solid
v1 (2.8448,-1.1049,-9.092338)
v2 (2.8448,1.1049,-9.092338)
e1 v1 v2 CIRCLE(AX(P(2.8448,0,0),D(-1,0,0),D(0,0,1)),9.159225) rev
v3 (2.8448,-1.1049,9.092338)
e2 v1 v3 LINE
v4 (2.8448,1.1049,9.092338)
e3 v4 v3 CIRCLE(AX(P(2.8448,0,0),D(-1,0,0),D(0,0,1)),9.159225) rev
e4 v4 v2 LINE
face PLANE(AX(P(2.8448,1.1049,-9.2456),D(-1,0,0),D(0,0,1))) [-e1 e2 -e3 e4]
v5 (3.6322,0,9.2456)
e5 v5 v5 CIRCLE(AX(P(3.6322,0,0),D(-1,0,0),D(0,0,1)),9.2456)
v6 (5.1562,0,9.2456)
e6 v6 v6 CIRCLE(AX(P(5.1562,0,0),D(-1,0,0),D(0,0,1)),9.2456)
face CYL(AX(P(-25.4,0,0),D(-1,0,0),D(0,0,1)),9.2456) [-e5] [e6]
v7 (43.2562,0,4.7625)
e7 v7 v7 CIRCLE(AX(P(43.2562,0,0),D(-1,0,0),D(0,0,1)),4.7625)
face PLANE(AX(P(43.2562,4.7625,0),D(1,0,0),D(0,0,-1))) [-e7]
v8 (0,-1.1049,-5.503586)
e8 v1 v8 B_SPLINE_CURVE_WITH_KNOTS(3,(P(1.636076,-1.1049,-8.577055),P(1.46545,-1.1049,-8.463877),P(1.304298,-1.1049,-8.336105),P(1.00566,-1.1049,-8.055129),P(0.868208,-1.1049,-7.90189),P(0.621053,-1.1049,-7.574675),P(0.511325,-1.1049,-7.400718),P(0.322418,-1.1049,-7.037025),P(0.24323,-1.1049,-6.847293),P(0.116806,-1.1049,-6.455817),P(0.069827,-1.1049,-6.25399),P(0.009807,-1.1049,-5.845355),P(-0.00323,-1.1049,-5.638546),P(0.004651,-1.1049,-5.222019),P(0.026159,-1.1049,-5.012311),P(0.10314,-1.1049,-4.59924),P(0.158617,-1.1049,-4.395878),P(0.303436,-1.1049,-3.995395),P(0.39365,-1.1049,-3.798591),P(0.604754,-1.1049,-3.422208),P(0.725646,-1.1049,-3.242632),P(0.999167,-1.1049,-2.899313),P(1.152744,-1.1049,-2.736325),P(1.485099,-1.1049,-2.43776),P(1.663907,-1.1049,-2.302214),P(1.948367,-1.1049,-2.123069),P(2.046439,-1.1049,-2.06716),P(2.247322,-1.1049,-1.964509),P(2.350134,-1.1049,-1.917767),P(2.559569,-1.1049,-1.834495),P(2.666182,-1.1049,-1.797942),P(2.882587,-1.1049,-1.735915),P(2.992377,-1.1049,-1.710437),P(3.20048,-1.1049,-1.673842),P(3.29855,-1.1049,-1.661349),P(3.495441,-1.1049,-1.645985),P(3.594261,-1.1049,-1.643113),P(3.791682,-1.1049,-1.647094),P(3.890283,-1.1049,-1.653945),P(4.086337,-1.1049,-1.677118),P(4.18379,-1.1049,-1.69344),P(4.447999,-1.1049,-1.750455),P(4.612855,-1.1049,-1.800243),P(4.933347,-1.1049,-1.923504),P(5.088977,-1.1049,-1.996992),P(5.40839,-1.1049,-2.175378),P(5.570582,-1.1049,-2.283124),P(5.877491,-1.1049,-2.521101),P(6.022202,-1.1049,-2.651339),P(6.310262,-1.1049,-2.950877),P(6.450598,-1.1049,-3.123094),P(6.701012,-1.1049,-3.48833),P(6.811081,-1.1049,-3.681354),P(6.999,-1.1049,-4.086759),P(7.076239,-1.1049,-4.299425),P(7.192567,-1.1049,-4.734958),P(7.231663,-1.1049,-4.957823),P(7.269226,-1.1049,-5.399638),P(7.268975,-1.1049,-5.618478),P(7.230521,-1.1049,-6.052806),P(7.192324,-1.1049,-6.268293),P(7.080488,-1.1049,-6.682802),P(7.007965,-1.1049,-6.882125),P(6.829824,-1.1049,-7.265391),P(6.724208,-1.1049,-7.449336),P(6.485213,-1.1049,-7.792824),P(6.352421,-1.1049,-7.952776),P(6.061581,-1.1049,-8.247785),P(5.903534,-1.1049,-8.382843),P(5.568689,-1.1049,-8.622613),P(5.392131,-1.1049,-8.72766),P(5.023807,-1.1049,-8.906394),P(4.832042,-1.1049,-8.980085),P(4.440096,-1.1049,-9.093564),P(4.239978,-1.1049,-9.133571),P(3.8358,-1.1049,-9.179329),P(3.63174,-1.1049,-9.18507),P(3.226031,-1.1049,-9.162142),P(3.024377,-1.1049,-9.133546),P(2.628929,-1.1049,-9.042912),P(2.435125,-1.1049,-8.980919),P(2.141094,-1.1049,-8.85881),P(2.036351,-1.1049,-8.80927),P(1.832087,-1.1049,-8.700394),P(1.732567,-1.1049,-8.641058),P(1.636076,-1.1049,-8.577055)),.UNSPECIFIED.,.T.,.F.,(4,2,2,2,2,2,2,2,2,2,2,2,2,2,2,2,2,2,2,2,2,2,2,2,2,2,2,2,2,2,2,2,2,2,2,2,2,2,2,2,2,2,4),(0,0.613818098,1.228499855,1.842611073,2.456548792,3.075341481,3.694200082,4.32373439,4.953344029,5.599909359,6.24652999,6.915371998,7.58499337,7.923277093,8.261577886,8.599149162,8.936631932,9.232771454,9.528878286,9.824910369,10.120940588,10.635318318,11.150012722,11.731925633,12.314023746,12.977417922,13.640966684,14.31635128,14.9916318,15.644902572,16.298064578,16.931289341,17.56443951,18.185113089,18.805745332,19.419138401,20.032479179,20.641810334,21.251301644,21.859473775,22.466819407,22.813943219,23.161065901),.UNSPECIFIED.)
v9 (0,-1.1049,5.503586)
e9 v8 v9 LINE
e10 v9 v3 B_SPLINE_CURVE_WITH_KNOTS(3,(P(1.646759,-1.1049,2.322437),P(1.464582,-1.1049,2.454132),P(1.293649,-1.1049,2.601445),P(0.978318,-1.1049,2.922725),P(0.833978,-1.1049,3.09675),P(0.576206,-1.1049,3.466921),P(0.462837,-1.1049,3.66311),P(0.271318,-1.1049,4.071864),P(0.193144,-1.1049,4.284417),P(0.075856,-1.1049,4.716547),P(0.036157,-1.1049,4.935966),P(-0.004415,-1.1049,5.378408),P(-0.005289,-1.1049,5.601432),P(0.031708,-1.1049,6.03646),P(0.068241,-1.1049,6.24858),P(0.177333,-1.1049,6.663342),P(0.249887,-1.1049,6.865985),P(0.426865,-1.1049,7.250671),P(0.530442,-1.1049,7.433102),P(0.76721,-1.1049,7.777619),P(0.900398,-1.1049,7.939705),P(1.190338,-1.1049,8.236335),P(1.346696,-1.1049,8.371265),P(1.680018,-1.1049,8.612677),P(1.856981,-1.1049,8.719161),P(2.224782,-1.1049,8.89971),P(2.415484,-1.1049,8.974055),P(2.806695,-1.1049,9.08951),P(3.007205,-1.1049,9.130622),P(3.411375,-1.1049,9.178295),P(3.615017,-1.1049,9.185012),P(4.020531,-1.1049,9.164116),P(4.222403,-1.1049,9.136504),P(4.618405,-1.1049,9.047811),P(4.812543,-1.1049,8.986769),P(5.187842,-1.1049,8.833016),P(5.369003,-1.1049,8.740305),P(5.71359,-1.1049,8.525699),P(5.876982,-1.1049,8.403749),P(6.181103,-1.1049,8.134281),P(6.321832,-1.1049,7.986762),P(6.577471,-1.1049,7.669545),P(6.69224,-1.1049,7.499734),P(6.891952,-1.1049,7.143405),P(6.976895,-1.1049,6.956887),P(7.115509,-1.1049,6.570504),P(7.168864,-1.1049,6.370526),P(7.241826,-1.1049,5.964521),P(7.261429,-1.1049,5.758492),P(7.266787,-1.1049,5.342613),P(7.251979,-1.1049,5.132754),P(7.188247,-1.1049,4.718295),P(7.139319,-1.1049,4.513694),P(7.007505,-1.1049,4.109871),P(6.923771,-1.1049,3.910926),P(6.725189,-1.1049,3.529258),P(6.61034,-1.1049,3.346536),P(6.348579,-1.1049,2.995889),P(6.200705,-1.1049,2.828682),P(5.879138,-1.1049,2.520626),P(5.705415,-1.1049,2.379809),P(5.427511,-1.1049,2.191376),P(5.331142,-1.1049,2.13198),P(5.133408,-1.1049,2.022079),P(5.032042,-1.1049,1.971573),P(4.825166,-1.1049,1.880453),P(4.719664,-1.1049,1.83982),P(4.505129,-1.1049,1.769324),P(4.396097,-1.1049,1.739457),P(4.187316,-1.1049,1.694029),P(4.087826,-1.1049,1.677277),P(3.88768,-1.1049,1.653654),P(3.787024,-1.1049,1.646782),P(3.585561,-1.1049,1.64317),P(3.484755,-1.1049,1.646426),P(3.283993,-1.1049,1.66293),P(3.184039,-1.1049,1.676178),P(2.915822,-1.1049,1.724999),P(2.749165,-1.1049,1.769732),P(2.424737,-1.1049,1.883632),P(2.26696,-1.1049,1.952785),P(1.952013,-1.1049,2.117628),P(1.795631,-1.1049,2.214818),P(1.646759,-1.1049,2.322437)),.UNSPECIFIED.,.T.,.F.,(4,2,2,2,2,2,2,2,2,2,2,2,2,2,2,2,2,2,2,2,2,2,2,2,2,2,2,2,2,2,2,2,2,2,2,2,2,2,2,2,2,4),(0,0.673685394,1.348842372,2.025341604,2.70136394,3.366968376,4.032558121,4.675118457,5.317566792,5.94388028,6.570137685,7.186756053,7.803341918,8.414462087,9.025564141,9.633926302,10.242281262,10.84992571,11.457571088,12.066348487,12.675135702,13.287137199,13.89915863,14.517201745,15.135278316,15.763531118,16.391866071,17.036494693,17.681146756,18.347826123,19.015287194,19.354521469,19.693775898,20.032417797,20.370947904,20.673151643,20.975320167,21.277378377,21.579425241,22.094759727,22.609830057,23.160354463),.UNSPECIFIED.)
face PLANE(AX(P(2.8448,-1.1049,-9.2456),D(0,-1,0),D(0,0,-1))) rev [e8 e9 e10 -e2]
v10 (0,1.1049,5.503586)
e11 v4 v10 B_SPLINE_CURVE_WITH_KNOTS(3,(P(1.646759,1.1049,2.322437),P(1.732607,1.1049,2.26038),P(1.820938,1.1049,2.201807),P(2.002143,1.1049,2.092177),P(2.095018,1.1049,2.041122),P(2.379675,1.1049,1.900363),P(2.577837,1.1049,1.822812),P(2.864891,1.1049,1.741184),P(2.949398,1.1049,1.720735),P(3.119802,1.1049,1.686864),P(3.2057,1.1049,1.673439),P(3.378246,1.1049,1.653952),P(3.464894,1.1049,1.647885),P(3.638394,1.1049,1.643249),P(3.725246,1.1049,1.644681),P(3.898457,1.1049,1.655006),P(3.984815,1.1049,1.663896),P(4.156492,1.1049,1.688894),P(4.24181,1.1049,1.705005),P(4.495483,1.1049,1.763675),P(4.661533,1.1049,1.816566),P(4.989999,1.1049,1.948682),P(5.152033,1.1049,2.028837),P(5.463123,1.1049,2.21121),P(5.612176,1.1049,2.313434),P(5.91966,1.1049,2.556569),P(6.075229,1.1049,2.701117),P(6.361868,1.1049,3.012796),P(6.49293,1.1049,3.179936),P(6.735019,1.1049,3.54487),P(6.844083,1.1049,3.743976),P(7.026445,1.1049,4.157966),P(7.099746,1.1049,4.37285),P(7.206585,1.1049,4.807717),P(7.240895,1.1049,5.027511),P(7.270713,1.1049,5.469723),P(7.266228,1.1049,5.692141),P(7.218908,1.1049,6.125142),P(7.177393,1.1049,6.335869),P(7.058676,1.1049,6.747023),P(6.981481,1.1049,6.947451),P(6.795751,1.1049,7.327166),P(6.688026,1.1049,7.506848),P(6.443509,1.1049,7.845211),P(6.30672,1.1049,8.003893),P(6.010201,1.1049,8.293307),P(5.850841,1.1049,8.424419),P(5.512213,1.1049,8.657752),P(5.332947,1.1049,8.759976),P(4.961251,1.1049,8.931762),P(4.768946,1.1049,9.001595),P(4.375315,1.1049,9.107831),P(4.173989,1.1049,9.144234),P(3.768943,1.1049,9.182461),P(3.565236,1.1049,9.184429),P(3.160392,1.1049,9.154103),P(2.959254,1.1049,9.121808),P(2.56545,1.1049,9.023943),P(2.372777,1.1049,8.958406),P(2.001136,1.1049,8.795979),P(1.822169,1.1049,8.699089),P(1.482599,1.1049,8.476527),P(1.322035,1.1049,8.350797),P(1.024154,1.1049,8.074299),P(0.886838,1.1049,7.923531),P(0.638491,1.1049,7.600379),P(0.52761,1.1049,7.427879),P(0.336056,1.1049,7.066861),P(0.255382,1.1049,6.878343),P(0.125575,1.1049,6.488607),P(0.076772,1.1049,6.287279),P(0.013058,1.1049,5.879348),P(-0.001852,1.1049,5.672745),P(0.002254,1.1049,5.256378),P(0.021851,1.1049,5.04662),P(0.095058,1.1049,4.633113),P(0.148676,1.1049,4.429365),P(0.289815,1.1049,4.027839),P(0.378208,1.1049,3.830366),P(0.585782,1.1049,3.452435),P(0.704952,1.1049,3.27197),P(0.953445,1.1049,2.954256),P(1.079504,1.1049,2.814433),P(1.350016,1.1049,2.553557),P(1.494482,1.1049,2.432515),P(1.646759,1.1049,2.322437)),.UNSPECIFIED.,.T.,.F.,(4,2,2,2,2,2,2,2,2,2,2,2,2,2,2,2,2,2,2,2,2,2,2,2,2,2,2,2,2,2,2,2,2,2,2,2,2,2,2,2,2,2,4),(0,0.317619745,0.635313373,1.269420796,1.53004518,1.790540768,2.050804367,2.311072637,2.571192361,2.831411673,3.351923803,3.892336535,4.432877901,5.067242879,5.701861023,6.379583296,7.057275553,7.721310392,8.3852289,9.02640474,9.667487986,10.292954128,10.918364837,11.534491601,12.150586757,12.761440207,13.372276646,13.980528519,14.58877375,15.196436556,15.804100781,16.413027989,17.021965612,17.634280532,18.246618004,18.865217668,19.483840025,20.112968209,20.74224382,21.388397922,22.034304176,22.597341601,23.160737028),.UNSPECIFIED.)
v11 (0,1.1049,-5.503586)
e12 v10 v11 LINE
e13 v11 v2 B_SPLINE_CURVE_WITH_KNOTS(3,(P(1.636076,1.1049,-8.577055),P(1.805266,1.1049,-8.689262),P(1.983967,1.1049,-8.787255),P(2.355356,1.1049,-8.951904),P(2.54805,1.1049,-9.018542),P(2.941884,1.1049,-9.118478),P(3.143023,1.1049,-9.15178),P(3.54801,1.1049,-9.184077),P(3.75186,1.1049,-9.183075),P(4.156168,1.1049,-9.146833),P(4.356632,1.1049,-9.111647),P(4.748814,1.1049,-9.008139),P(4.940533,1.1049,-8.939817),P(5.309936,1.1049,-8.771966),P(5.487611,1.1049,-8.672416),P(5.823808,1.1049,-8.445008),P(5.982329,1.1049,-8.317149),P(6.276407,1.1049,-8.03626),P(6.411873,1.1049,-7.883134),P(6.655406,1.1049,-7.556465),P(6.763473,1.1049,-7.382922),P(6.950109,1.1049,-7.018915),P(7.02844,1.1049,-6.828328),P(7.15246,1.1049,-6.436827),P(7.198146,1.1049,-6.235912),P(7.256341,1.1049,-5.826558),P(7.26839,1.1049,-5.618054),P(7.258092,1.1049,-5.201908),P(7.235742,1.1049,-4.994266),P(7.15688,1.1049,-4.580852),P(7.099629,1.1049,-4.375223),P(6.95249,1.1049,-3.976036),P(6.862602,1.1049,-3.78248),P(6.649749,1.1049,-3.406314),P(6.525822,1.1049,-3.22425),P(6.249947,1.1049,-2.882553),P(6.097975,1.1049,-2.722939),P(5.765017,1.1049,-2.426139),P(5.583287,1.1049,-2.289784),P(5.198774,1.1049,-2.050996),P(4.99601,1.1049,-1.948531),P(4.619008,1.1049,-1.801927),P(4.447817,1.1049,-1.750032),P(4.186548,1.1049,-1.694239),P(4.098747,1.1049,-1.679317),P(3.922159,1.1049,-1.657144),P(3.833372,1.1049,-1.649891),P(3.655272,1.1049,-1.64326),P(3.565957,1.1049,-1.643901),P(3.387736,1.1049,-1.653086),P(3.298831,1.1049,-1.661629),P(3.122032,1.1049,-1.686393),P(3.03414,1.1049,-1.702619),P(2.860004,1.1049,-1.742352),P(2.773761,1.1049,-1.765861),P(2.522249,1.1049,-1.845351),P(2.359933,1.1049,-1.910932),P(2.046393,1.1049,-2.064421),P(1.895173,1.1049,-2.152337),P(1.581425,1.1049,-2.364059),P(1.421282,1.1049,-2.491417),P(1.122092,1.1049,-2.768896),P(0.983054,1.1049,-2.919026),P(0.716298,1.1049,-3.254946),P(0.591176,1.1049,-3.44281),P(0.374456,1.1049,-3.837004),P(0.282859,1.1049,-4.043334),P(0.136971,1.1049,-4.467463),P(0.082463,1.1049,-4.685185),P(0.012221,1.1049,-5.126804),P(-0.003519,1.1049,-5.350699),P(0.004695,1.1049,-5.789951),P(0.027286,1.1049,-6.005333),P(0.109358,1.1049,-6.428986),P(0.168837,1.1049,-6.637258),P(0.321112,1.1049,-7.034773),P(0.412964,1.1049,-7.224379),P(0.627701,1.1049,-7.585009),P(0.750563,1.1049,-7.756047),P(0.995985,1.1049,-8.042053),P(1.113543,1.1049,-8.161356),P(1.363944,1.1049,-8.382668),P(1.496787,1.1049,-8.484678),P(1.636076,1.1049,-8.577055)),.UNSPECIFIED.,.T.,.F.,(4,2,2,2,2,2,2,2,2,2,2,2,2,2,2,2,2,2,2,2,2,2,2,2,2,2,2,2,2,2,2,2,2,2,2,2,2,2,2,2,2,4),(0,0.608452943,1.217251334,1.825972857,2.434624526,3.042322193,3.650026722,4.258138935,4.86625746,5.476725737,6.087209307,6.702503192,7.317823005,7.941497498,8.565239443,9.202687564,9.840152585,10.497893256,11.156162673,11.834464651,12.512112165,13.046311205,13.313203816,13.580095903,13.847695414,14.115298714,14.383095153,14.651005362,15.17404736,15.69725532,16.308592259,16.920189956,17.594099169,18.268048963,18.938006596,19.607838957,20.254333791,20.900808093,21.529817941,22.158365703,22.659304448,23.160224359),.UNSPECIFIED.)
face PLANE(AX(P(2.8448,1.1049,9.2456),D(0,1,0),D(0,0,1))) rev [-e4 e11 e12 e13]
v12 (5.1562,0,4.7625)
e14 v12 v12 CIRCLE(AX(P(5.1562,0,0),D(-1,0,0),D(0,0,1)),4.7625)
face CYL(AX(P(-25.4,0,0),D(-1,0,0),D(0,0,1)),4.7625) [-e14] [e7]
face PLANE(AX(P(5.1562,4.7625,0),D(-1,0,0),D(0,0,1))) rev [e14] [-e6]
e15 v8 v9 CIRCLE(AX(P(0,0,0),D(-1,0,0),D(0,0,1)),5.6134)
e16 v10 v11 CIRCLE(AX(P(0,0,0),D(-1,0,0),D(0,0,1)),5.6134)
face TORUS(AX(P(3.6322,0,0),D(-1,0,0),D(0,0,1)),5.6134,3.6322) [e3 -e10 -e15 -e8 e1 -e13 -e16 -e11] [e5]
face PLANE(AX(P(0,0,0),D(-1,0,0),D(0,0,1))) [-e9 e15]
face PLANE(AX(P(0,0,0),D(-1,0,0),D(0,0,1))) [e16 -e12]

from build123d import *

# Parameters (mm, degrees)
SKETCH2_W  = 18.4912
SKETCH2_H  = 2.2098
SLOT_DEPTH = 2.8448


with BuildPart() as part:
    # BodySke → Base-Revolve (revolve)
    with BuildSketch(Plane.XY, mode=Mode.PRIVATE) as base_revolve_sk:
        with BuildLine():
            Line((5.1562, 4.7625), (5.1562, 9.2456))
            Line((5.1562, 9.2456), (3.6322, 9.2456))
            ThreePointArc((3.6322, 9.2456), (1.063846749, 8.181753251), (0, 5.6134))
            Line((0, 5.6134), (0, 0))
            Line((0, 0), (43.2562, 0))
            Line((43.2562, 0), (43.2562, 4.7625))
            Line((43.2562, 4.7625), (5.1562, 4.7625))
        make_face()
    revolve(base_revolve_sk.sketch.rotate(Axis((-25.4, 0, 0), (1, 0, 0)), 90), axis=Axis((-25.4, 0, 0), (1, 0, 0)))

    # Sketch2 → Slot (cut)
    with BuildSketch(Plane(origin=(0, 0, 0), x_dir=(0, 0, -1), z_dir=(1, 0, 0))):
        Rectangle(SKETCH2_W, SKETCH2_H)
    extrude(amount=SLOT_DEPTH, mode=Mode.SUBTRACT)


solid = part.part
